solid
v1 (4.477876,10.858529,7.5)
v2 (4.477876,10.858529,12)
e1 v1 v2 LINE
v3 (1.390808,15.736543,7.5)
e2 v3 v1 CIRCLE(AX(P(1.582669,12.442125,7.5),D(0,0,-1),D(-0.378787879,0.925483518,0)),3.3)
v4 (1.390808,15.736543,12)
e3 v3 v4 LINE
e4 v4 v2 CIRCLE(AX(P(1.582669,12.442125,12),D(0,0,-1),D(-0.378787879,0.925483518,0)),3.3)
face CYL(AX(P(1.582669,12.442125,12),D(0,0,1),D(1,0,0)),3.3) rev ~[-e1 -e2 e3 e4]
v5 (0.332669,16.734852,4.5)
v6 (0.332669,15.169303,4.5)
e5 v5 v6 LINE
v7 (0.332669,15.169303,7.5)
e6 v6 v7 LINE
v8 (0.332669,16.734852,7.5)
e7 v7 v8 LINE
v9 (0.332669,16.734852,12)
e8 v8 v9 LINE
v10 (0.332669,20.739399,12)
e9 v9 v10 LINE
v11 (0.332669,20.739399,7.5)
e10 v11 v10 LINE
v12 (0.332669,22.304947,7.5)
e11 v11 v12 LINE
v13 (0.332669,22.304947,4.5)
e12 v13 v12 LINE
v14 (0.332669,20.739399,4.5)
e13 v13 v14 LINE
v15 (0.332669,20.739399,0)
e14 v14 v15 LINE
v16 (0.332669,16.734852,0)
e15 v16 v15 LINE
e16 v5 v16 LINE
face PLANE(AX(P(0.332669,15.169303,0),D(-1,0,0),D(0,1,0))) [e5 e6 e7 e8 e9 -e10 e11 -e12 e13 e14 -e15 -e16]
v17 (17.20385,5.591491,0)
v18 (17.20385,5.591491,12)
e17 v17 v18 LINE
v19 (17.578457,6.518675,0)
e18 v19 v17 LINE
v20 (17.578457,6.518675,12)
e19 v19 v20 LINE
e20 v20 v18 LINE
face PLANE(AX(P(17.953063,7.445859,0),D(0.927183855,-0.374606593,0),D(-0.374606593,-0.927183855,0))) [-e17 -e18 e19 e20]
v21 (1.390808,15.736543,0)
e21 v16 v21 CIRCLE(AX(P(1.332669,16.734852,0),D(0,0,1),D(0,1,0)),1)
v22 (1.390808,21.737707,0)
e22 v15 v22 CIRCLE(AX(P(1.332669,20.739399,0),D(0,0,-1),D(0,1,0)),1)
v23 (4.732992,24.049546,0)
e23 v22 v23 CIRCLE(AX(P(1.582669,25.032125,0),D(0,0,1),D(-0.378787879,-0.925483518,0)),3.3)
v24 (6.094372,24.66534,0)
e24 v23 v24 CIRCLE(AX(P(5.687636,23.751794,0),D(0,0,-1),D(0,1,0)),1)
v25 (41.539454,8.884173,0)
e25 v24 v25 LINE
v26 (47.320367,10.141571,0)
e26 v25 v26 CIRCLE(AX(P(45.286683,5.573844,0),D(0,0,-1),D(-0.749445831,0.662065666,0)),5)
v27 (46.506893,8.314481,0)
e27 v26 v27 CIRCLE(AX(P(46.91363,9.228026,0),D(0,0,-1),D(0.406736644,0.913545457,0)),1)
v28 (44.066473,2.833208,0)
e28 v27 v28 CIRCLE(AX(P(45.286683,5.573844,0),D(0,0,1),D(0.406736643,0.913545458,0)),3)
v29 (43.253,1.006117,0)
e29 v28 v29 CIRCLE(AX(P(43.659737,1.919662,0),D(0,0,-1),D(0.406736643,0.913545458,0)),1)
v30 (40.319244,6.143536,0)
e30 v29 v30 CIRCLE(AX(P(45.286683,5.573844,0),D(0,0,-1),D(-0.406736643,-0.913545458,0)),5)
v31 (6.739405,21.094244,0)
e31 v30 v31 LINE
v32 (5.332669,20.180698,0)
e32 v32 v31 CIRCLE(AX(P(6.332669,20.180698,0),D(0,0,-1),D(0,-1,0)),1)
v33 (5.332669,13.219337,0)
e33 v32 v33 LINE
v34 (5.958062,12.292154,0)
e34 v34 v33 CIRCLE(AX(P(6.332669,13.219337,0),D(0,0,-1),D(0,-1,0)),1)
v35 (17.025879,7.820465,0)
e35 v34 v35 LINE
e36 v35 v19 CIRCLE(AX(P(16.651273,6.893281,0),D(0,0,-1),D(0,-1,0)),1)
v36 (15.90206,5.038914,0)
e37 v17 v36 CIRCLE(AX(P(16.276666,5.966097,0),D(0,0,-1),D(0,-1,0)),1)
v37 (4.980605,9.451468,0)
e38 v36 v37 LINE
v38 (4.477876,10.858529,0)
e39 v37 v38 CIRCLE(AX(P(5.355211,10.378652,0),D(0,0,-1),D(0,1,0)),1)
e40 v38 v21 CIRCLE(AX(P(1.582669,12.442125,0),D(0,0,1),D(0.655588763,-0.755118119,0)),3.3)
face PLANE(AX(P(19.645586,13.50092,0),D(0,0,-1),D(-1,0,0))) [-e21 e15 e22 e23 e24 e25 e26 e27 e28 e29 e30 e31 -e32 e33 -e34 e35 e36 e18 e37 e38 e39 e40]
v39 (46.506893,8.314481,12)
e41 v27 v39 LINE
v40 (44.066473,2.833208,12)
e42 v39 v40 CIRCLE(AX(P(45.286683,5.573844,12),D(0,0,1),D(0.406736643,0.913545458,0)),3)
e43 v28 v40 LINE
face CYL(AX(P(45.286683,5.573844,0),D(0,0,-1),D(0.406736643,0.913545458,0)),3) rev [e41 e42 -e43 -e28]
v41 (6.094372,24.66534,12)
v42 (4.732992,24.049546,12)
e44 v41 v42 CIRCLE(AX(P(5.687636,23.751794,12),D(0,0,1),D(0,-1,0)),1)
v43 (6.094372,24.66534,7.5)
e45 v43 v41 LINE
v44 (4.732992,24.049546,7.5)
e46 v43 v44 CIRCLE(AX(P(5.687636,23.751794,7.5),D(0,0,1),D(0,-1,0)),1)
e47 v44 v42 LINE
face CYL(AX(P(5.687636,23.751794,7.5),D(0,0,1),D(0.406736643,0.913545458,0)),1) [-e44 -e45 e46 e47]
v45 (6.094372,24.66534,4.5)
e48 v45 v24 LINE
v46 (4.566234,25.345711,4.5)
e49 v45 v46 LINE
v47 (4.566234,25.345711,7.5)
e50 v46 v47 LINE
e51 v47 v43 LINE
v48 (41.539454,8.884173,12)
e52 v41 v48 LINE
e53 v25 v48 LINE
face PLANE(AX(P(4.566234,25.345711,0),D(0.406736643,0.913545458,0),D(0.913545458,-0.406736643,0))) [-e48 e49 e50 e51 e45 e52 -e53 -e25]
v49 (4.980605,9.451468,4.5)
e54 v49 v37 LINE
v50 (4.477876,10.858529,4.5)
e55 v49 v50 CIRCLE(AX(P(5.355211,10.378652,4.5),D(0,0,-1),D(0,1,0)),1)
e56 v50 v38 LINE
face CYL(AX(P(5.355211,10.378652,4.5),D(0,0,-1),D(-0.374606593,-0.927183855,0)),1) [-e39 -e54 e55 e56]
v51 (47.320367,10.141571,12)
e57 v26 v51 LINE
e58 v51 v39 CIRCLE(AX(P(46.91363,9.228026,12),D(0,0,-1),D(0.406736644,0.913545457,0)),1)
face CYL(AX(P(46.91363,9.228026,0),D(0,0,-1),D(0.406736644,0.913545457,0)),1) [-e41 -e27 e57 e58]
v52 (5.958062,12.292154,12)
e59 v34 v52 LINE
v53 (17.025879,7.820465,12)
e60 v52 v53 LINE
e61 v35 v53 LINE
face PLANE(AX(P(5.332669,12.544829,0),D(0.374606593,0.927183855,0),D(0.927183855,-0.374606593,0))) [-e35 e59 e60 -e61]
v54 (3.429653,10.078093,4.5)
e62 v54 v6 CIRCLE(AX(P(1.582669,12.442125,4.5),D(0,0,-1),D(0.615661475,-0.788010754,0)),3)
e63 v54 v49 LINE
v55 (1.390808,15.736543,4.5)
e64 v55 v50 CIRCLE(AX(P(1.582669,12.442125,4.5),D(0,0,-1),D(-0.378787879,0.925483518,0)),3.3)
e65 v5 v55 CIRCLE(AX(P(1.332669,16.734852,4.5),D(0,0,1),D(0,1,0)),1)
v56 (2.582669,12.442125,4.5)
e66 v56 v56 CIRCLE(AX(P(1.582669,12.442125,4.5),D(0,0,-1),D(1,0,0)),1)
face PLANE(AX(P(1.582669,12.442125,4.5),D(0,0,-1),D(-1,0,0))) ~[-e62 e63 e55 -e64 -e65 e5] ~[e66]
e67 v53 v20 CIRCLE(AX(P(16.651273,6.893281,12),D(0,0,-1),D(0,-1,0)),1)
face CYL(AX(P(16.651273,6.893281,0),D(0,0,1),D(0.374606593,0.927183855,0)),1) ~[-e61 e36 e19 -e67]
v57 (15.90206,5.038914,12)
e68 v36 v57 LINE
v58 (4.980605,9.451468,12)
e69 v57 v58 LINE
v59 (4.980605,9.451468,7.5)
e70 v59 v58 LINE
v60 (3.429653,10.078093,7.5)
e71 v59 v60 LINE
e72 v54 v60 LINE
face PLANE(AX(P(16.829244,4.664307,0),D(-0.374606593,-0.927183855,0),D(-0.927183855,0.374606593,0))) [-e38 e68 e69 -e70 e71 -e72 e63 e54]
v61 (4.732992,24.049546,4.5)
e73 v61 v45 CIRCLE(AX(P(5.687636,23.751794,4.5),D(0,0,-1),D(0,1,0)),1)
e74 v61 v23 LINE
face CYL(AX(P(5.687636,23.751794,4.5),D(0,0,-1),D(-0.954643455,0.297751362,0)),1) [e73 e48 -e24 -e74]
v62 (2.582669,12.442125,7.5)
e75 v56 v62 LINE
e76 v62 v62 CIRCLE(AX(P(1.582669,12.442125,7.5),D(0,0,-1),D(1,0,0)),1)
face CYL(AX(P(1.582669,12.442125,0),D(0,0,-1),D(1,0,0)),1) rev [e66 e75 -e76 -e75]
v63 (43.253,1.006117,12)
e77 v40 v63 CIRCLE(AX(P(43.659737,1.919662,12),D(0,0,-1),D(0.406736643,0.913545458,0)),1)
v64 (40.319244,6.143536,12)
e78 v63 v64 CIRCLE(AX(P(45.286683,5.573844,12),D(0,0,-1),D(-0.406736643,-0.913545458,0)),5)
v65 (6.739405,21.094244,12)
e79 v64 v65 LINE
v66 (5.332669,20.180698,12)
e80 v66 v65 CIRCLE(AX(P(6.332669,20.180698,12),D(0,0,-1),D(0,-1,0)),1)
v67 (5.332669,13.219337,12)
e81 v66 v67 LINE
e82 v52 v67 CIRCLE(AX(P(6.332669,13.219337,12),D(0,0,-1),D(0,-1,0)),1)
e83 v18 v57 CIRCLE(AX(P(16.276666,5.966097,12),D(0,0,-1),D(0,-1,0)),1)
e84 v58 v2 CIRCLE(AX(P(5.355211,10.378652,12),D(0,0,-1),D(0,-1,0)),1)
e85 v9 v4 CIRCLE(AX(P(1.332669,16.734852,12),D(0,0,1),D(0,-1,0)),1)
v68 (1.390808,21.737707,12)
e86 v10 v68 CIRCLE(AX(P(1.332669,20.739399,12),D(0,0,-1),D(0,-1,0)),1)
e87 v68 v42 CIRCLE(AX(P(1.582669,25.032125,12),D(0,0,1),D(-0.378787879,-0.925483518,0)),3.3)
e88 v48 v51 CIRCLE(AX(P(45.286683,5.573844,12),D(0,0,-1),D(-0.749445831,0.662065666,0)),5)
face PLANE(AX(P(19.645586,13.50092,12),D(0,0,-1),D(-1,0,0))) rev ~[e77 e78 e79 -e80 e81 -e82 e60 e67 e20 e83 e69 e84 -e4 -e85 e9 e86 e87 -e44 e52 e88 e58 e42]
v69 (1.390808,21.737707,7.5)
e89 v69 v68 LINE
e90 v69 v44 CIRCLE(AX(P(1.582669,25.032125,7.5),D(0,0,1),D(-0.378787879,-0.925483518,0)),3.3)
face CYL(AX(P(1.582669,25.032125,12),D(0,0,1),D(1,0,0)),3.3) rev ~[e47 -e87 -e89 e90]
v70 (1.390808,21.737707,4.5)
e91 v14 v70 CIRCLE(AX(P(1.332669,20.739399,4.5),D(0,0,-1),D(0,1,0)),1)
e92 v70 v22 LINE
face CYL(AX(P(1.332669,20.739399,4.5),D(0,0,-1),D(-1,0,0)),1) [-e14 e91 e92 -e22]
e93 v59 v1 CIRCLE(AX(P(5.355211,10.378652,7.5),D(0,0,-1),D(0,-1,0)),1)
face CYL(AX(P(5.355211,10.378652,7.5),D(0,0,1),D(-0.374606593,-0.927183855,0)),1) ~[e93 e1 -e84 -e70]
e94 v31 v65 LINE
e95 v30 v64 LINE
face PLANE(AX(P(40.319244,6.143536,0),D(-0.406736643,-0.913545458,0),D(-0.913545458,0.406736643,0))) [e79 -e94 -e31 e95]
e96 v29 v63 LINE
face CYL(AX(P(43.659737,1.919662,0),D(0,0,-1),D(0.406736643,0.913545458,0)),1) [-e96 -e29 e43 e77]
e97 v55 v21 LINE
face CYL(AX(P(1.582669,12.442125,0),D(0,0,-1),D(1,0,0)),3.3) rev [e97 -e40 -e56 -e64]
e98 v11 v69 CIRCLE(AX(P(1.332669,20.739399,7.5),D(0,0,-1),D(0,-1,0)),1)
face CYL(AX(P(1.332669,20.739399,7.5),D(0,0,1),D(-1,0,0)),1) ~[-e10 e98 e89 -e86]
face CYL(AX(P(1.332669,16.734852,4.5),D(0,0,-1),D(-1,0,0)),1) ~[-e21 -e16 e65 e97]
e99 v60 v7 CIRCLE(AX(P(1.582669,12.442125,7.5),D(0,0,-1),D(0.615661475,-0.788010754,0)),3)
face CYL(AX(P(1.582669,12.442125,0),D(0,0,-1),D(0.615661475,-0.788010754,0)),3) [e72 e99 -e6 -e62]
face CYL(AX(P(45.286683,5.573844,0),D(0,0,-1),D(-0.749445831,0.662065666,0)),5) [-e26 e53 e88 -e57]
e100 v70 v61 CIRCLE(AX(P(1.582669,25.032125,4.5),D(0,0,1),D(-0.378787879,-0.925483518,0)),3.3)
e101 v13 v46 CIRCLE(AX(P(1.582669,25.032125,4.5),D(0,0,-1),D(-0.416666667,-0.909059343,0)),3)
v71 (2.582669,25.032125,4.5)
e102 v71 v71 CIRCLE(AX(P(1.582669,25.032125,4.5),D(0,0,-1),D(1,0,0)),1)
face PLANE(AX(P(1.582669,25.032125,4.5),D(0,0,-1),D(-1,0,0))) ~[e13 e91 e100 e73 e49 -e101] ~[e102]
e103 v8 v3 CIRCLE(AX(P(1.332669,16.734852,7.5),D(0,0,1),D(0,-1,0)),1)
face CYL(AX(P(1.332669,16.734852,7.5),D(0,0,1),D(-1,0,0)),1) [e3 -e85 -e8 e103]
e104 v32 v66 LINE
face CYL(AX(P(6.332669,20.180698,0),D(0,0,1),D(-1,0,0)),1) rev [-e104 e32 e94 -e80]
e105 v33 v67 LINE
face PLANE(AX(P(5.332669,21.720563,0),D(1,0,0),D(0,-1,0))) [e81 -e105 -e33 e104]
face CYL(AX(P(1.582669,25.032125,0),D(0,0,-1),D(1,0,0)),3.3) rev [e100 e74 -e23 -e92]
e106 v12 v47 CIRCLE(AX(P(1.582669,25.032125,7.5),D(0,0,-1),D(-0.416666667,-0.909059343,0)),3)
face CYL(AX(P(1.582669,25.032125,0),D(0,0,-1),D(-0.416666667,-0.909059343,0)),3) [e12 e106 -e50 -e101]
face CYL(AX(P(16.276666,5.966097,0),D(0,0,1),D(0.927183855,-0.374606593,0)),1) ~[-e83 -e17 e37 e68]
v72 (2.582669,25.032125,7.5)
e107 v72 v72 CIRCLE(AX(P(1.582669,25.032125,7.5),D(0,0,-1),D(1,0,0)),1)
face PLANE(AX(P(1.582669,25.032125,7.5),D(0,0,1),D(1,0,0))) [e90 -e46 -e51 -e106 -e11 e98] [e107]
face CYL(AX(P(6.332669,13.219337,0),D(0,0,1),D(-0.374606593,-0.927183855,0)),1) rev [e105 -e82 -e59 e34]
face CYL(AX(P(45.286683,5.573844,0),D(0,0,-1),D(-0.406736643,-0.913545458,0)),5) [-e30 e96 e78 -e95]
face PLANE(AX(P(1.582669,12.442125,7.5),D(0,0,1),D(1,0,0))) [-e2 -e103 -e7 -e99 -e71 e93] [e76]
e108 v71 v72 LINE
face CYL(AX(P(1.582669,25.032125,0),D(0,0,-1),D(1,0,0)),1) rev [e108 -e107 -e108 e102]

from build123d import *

# Parameters (mm, degrees)
SKETCH1_R           = 1
BOSS_EXTRUDE1_DEPTH = 12
SKETCH2_R           = 3.3
CUT_EXTRUDE1_DEPTH  = 4.5
FILLET1_R           = 1
FILLET2_R           = 1
FILLET3_R           = 1
FILLET6_R           = 1


with BuildPart() as part:
    # Sketch1 → Boss-Extrude1 (new body)
    with BuildSketch(Plane.XY):
        with BuildLine():
            Line((0.332668694, 15.169303239), (0.332668694, 22.304947181))
            ThreePointArc((0.332668694, 22.304947181), (-0.167437886, 27.468747249), (4.56623438, 25.3457106))
            Line((4.56623438, 25.3457106), (41.53945423, 8.884172534))
            ThreePointArc((41.53945423, 8.884172534), (44.223987307, 10.459606893), (47.320366603, 10.141571494))
            ThreePointArc((47.320366603, 10.141571494), (47.827175417, 8.821289393), (46.506893317, 8.314480578))
            ThreePointArc((46.506893317, 8.314480578), (42.546047014, 6.794054135), (44.066473458, 2.833207832))
            ThreePointArc((44.066473458, 2.833207832), (44.573282273, 1.512925732), (43.253000172, 1.006116917))
            ThreePointArc((43.253000172, 1.006116917), (40.944771655, 3.094367949), (40.319244301, 6.143536161))
            Line((40.319244301, 6.143536161), (5.332668694, 21.720563222))
            Line((5.332668694, 21.720563222), (5.332668694, 12.544828977))
            Line((5.332668694, 12.544828977), (17.953063304, 7.445858574))
            Line((17.953063304, 7.445858574), (16.829243524, 4.66430701))
            Line((16.829243524, 4.66430701), (3.42965312, 10.078092949))
            ThreePointArc((3.42965312, 10.078092949), (-0.980376986, 10.883023916), (0.332668694, 15.169303239))
        make_face()
        with Locations((1.582668694, 25.03212521)):
            Circle(SKETCH1_R, mode=Mode.SUBTRACT)
        with Locations((1.582668694, 12.44212521)):
            Circle(SKETCH1_R, mode=Mode.SUBTRACT)
    extrude(amount=BOSS_EXTRUDE1_DEPTH)

    # Sketch2 → Cut-Extrude1 (cut)
    with BuildSketch(Plane.XY.offset(12)):
        with Locations((1.582668694, 25.03212521)):
            Circle(SKETCH2_R)
        with Locations((1.582668694, 12.44212521)):
            Circle(SKETCH2_R)
    cut_extrude1 = extrude(amount=-CUT_EXTRUDE1_DEPTH, mode=Mode.SUBTRACT)

    # Mirror1: Cut-Extrude1 across plane
    add(cut_extrude1.mirror(Plane.XY.offset(6)), mode=Mode.SUBTRACT)

    # Fillet1
    fillet1_edges = [part.edges().sort_by_distance(p)[0] for p in [
        (0.332668694, 21.978029599, 9.75),
        (0.332668694, 15.496220821, 9.75),
        (0.332668694, 21.978029599, 2.25),
        (0.332668694, 15.496220821, 2.25),
    ]]
    fillet(fillet1_edges, radius=FILLET1_R)

    # Fillet2
    fillet2_edges = [part.edges().sort_by_distance(p)[0] for p in [
        (17.953063304, 7.445858574, 6),
        (16.829243524, 4.66430701, 6),
    ]]
    fillet(fillet2_edges, radius=FILLET2_R)

    # Fillet3
    fillet3_edges = [part.edges().sort_by_distance(p)[0] for p in [
        (5.332668694, 21.720563222, 6),
        (5.332668694, 12.544828977, 6),
    ]]
    fillet(fillet3_edges, radius=FILLET3_R)

    # Fillet6
    fillet6_edges = [part.edges().sort_by_distance(p)[0] for p in [
        (3.746111613, 9.950235418, 9.75),
        (4.878037932, 25.206886714, 9.75),
        (3.746111613, 9.950235418, 2.25),
        (4.878037932, 25.206886714, 2.25),
    ]]
    fillet(fillet6_edges, radius=FILLET6_R)


solid = part.part
